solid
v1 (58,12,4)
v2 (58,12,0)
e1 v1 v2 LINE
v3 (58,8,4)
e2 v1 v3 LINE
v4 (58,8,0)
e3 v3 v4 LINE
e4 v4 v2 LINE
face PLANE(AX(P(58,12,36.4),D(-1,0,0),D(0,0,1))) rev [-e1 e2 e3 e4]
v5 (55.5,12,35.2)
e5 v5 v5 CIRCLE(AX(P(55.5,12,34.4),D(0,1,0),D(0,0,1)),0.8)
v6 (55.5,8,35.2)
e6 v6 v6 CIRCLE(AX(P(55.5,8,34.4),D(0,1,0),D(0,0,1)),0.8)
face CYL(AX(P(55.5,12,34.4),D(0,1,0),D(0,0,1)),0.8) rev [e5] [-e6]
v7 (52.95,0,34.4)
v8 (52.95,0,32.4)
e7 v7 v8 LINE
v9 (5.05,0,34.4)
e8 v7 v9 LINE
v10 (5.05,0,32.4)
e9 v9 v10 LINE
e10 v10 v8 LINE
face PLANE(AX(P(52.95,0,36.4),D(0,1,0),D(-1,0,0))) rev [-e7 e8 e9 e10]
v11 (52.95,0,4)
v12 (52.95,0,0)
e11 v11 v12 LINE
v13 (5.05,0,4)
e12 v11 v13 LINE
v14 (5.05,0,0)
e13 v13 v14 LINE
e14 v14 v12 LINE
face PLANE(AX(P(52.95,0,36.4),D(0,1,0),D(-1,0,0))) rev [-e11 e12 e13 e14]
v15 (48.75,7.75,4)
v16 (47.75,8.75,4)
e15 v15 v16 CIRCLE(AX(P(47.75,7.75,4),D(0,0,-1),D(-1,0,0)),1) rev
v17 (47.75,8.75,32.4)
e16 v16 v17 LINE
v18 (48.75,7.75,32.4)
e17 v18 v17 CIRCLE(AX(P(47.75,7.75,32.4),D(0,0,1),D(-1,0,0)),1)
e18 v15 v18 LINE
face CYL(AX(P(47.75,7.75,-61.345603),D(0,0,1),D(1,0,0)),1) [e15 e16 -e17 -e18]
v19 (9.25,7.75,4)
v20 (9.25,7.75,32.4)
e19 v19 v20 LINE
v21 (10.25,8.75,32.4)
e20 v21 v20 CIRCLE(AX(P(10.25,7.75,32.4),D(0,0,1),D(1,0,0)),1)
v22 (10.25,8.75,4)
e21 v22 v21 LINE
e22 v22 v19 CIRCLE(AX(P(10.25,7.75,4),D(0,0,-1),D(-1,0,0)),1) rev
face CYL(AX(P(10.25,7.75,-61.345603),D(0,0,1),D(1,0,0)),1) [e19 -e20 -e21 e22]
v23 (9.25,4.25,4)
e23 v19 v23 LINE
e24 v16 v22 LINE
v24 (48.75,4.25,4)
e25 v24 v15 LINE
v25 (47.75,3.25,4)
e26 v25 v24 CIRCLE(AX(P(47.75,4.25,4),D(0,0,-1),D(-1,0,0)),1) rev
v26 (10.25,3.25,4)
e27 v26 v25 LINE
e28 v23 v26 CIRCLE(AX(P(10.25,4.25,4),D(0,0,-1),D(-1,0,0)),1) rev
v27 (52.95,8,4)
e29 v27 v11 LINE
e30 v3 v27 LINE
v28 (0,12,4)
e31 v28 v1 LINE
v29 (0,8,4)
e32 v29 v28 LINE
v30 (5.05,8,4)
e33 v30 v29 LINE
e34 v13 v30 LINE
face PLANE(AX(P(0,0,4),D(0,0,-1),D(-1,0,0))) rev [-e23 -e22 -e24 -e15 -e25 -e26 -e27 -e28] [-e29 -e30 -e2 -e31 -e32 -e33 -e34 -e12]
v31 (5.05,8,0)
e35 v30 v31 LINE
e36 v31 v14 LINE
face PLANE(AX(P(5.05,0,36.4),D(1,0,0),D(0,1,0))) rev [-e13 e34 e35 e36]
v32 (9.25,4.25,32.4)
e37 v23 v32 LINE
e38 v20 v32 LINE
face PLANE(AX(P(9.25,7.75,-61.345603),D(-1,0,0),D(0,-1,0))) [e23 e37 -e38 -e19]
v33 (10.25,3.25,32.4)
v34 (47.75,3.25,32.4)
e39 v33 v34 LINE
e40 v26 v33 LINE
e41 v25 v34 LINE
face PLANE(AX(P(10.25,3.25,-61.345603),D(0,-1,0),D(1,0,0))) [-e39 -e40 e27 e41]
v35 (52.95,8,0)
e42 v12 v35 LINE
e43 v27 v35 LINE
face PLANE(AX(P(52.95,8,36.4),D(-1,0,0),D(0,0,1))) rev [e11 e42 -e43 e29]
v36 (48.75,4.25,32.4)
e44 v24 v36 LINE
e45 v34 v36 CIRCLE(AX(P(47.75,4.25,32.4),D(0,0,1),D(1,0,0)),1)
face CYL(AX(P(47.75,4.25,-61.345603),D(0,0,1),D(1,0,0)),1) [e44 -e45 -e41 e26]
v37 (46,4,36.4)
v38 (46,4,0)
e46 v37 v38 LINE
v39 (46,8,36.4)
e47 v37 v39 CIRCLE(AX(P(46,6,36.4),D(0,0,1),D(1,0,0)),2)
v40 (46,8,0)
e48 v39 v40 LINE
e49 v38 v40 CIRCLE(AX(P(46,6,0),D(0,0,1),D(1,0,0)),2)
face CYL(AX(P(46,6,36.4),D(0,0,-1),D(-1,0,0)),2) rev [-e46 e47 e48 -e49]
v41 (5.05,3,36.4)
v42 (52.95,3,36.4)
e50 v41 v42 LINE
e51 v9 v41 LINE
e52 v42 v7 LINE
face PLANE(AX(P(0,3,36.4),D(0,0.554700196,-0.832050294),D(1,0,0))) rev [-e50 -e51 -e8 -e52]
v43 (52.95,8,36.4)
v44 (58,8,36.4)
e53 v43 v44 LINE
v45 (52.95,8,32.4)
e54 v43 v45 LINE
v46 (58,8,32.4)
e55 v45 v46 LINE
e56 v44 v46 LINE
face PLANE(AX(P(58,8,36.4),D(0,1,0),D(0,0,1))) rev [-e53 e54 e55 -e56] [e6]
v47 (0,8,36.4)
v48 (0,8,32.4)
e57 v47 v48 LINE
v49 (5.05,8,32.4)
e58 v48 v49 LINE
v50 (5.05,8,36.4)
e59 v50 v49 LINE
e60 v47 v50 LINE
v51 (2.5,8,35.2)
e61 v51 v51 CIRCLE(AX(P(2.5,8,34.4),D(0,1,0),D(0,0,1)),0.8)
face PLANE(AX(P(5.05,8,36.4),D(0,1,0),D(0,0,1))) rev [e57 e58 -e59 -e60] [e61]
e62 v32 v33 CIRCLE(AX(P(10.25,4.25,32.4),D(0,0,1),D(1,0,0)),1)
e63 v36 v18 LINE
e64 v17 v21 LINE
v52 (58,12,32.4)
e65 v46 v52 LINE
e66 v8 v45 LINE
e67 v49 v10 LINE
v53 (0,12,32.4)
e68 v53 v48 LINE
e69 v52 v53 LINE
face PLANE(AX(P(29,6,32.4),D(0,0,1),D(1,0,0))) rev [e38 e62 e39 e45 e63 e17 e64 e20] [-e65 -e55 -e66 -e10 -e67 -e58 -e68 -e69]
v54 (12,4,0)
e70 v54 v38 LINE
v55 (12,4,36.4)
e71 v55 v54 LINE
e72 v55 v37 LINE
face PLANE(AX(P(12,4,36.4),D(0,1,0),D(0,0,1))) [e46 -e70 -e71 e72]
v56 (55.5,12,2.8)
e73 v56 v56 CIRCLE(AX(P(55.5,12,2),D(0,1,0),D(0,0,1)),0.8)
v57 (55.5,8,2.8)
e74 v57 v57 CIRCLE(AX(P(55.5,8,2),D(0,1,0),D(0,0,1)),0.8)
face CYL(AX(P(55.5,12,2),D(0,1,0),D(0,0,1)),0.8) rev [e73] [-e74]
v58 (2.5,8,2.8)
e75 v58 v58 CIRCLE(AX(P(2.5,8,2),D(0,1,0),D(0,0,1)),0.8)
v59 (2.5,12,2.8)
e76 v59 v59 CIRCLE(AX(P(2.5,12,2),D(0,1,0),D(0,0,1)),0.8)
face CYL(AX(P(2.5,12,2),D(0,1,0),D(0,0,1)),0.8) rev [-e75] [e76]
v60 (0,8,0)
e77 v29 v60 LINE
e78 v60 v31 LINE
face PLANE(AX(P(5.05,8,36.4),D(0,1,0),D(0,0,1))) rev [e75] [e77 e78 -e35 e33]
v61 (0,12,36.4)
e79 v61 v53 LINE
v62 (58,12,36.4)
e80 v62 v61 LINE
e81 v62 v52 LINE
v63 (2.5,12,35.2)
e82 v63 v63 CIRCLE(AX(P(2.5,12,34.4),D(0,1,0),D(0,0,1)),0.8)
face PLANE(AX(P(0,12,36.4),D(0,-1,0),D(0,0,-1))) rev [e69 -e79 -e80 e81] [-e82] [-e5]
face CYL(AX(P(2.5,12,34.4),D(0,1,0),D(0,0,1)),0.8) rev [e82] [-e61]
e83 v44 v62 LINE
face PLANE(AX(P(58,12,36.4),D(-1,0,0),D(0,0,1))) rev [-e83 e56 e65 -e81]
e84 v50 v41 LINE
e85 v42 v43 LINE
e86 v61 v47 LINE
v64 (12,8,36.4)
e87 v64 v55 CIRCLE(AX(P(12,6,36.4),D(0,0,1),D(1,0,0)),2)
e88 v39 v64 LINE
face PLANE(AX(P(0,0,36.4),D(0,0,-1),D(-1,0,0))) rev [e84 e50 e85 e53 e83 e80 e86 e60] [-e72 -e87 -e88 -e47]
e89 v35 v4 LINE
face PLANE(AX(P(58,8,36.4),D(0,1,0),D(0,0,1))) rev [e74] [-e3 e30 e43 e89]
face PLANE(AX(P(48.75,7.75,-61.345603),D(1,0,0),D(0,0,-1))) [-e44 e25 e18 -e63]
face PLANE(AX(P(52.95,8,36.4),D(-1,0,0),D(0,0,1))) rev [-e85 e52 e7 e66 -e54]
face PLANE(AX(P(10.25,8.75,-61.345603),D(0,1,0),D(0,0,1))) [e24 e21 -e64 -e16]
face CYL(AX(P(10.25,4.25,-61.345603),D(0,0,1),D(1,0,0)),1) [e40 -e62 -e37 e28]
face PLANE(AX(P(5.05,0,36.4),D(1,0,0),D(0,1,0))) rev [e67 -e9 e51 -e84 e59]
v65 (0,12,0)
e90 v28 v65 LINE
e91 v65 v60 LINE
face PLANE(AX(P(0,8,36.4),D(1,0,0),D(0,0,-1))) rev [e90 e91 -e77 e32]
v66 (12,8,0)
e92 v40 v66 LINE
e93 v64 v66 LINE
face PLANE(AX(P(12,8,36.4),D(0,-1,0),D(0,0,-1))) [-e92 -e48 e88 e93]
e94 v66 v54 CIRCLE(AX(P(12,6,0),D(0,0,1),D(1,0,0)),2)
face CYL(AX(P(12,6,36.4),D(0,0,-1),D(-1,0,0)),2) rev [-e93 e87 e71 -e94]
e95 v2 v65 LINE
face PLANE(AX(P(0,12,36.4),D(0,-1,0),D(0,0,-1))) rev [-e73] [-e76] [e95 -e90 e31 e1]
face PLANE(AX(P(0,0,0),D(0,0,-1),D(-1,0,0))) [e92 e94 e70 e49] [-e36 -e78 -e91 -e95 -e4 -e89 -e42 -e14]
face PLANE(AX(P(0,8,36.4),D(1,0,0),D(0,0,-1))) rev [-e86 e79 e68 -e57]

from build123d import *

# Parameters (mm, degrees)
BOSS_EXTRUDE1_DEPTH             = 36.4
CUT_EXTRUDE1_START              = -4
SKETCH2_OUTSIDE_W               = 73.904
SKETCH2_OUTSIDE_H               = 27.904
CUT_EXTRUDE1_DEPTH              = 28.4
CHAMFER1_SIZE                   = 2
CHAMFER1_SIZE2                  = 3
TAP_DRILL_FOR_M2X0_4_TAP1_D     = 1.6
TAP_DRILL_FOR_M2X0_4_TAP1_DEPTH = 4


with BuildPart() as part:
    # Sketch1 → Boss-Extrude1 (new body)
    with BuildSketch(Plane.XY):
        Polygon((0, 12), (58, 12), (58, 8), (52.95, 8), (52.95, 0), (5.05, 0), (5.05, 8), (0, 8), align=None)
        with BuildLine():
            Line((12, 8), (46, 8))
            ThreePointArc((46, 8), (48, 6), (46, 4))
            Line((46, 4), (12, 4))
            ThreePointArc((12, 4), (10, 6), (12, 8))
        make_face(mode=Mode.SUBTRACT)
    extrude(amount=BOSS_EXTRUDE1_DEPTH)

    # Sketch2 outside → Cut-Extrude1 (cut)
    with BuildSketch(Plane.XY.offset(36.4).offset(CUT_EXTRUDE1_START)):
        with Locations((29, 6)):
            Rectangle(SKETCH2_OUTSIDE_W, SKETCH2_OUTSIDE_H)
        with BuildLine():
            Line((10.25, 8.75), (47.75, 8.75))
            ThreePointArc((47.75, 8.75), (48.457106781, 8.457106781), (48.75, 7.75))
            Line((48.75, 7.75), (48.75, 4.25))
            ThreePointArc((48.75, 4.25), (48.457106781, 3.542893219), (47.75, 3.25))
            Line((47.75, 3.25), (10.25, 3.25))
            ThreePointArc((10.25, 3.25), (9.542893219, 3.542893219), (9.25, 4.25))
            Line((9.25, 4.25), (9.25, 7.75))
            ThreePointArc((9.25, 7.75), (9.542893219, 8.457106781), (10.25, 8.75))
        make_face(mode=Mode.SUBTRACT)
    extrude(amount=-CUT_EXTRUDE1_DEPTH, mode=Mode.SUBTRACT)

    # Chamfer1
    chamfer1_edges = [part.edges().sort_by_distance(p)[0] for p in [
        (29, 0, 36.4),
    ]]
    chamfer1_side = [part.faces().sort_by_distance(p)[0] for p in [
        (29, 0, 34.4),
    ]]
    chamfer(chamfer1_edges, length=CHAMFER1_SIZE, length2=CHAMFER1_SIZE2, reference=chamfer1_side[0])

    # Tap Drill for M2x0.4 Tap1
    with Locations(Plane(origin=(0, 12, 0), x_dir=(1, 0, 0), z_dir=(0, 1, 0))):
        with Locations((2.5, -2), (55.5, -2), (55.5, -34.4), (2.5, -34.4)):
            Hole(TAP_DRILL_FOR_M2X0_4_TAP1_D / 2, depth=TAP_DRILL_FOR_M2X0_4_TAP1_DEPTH)


solid = part.part
